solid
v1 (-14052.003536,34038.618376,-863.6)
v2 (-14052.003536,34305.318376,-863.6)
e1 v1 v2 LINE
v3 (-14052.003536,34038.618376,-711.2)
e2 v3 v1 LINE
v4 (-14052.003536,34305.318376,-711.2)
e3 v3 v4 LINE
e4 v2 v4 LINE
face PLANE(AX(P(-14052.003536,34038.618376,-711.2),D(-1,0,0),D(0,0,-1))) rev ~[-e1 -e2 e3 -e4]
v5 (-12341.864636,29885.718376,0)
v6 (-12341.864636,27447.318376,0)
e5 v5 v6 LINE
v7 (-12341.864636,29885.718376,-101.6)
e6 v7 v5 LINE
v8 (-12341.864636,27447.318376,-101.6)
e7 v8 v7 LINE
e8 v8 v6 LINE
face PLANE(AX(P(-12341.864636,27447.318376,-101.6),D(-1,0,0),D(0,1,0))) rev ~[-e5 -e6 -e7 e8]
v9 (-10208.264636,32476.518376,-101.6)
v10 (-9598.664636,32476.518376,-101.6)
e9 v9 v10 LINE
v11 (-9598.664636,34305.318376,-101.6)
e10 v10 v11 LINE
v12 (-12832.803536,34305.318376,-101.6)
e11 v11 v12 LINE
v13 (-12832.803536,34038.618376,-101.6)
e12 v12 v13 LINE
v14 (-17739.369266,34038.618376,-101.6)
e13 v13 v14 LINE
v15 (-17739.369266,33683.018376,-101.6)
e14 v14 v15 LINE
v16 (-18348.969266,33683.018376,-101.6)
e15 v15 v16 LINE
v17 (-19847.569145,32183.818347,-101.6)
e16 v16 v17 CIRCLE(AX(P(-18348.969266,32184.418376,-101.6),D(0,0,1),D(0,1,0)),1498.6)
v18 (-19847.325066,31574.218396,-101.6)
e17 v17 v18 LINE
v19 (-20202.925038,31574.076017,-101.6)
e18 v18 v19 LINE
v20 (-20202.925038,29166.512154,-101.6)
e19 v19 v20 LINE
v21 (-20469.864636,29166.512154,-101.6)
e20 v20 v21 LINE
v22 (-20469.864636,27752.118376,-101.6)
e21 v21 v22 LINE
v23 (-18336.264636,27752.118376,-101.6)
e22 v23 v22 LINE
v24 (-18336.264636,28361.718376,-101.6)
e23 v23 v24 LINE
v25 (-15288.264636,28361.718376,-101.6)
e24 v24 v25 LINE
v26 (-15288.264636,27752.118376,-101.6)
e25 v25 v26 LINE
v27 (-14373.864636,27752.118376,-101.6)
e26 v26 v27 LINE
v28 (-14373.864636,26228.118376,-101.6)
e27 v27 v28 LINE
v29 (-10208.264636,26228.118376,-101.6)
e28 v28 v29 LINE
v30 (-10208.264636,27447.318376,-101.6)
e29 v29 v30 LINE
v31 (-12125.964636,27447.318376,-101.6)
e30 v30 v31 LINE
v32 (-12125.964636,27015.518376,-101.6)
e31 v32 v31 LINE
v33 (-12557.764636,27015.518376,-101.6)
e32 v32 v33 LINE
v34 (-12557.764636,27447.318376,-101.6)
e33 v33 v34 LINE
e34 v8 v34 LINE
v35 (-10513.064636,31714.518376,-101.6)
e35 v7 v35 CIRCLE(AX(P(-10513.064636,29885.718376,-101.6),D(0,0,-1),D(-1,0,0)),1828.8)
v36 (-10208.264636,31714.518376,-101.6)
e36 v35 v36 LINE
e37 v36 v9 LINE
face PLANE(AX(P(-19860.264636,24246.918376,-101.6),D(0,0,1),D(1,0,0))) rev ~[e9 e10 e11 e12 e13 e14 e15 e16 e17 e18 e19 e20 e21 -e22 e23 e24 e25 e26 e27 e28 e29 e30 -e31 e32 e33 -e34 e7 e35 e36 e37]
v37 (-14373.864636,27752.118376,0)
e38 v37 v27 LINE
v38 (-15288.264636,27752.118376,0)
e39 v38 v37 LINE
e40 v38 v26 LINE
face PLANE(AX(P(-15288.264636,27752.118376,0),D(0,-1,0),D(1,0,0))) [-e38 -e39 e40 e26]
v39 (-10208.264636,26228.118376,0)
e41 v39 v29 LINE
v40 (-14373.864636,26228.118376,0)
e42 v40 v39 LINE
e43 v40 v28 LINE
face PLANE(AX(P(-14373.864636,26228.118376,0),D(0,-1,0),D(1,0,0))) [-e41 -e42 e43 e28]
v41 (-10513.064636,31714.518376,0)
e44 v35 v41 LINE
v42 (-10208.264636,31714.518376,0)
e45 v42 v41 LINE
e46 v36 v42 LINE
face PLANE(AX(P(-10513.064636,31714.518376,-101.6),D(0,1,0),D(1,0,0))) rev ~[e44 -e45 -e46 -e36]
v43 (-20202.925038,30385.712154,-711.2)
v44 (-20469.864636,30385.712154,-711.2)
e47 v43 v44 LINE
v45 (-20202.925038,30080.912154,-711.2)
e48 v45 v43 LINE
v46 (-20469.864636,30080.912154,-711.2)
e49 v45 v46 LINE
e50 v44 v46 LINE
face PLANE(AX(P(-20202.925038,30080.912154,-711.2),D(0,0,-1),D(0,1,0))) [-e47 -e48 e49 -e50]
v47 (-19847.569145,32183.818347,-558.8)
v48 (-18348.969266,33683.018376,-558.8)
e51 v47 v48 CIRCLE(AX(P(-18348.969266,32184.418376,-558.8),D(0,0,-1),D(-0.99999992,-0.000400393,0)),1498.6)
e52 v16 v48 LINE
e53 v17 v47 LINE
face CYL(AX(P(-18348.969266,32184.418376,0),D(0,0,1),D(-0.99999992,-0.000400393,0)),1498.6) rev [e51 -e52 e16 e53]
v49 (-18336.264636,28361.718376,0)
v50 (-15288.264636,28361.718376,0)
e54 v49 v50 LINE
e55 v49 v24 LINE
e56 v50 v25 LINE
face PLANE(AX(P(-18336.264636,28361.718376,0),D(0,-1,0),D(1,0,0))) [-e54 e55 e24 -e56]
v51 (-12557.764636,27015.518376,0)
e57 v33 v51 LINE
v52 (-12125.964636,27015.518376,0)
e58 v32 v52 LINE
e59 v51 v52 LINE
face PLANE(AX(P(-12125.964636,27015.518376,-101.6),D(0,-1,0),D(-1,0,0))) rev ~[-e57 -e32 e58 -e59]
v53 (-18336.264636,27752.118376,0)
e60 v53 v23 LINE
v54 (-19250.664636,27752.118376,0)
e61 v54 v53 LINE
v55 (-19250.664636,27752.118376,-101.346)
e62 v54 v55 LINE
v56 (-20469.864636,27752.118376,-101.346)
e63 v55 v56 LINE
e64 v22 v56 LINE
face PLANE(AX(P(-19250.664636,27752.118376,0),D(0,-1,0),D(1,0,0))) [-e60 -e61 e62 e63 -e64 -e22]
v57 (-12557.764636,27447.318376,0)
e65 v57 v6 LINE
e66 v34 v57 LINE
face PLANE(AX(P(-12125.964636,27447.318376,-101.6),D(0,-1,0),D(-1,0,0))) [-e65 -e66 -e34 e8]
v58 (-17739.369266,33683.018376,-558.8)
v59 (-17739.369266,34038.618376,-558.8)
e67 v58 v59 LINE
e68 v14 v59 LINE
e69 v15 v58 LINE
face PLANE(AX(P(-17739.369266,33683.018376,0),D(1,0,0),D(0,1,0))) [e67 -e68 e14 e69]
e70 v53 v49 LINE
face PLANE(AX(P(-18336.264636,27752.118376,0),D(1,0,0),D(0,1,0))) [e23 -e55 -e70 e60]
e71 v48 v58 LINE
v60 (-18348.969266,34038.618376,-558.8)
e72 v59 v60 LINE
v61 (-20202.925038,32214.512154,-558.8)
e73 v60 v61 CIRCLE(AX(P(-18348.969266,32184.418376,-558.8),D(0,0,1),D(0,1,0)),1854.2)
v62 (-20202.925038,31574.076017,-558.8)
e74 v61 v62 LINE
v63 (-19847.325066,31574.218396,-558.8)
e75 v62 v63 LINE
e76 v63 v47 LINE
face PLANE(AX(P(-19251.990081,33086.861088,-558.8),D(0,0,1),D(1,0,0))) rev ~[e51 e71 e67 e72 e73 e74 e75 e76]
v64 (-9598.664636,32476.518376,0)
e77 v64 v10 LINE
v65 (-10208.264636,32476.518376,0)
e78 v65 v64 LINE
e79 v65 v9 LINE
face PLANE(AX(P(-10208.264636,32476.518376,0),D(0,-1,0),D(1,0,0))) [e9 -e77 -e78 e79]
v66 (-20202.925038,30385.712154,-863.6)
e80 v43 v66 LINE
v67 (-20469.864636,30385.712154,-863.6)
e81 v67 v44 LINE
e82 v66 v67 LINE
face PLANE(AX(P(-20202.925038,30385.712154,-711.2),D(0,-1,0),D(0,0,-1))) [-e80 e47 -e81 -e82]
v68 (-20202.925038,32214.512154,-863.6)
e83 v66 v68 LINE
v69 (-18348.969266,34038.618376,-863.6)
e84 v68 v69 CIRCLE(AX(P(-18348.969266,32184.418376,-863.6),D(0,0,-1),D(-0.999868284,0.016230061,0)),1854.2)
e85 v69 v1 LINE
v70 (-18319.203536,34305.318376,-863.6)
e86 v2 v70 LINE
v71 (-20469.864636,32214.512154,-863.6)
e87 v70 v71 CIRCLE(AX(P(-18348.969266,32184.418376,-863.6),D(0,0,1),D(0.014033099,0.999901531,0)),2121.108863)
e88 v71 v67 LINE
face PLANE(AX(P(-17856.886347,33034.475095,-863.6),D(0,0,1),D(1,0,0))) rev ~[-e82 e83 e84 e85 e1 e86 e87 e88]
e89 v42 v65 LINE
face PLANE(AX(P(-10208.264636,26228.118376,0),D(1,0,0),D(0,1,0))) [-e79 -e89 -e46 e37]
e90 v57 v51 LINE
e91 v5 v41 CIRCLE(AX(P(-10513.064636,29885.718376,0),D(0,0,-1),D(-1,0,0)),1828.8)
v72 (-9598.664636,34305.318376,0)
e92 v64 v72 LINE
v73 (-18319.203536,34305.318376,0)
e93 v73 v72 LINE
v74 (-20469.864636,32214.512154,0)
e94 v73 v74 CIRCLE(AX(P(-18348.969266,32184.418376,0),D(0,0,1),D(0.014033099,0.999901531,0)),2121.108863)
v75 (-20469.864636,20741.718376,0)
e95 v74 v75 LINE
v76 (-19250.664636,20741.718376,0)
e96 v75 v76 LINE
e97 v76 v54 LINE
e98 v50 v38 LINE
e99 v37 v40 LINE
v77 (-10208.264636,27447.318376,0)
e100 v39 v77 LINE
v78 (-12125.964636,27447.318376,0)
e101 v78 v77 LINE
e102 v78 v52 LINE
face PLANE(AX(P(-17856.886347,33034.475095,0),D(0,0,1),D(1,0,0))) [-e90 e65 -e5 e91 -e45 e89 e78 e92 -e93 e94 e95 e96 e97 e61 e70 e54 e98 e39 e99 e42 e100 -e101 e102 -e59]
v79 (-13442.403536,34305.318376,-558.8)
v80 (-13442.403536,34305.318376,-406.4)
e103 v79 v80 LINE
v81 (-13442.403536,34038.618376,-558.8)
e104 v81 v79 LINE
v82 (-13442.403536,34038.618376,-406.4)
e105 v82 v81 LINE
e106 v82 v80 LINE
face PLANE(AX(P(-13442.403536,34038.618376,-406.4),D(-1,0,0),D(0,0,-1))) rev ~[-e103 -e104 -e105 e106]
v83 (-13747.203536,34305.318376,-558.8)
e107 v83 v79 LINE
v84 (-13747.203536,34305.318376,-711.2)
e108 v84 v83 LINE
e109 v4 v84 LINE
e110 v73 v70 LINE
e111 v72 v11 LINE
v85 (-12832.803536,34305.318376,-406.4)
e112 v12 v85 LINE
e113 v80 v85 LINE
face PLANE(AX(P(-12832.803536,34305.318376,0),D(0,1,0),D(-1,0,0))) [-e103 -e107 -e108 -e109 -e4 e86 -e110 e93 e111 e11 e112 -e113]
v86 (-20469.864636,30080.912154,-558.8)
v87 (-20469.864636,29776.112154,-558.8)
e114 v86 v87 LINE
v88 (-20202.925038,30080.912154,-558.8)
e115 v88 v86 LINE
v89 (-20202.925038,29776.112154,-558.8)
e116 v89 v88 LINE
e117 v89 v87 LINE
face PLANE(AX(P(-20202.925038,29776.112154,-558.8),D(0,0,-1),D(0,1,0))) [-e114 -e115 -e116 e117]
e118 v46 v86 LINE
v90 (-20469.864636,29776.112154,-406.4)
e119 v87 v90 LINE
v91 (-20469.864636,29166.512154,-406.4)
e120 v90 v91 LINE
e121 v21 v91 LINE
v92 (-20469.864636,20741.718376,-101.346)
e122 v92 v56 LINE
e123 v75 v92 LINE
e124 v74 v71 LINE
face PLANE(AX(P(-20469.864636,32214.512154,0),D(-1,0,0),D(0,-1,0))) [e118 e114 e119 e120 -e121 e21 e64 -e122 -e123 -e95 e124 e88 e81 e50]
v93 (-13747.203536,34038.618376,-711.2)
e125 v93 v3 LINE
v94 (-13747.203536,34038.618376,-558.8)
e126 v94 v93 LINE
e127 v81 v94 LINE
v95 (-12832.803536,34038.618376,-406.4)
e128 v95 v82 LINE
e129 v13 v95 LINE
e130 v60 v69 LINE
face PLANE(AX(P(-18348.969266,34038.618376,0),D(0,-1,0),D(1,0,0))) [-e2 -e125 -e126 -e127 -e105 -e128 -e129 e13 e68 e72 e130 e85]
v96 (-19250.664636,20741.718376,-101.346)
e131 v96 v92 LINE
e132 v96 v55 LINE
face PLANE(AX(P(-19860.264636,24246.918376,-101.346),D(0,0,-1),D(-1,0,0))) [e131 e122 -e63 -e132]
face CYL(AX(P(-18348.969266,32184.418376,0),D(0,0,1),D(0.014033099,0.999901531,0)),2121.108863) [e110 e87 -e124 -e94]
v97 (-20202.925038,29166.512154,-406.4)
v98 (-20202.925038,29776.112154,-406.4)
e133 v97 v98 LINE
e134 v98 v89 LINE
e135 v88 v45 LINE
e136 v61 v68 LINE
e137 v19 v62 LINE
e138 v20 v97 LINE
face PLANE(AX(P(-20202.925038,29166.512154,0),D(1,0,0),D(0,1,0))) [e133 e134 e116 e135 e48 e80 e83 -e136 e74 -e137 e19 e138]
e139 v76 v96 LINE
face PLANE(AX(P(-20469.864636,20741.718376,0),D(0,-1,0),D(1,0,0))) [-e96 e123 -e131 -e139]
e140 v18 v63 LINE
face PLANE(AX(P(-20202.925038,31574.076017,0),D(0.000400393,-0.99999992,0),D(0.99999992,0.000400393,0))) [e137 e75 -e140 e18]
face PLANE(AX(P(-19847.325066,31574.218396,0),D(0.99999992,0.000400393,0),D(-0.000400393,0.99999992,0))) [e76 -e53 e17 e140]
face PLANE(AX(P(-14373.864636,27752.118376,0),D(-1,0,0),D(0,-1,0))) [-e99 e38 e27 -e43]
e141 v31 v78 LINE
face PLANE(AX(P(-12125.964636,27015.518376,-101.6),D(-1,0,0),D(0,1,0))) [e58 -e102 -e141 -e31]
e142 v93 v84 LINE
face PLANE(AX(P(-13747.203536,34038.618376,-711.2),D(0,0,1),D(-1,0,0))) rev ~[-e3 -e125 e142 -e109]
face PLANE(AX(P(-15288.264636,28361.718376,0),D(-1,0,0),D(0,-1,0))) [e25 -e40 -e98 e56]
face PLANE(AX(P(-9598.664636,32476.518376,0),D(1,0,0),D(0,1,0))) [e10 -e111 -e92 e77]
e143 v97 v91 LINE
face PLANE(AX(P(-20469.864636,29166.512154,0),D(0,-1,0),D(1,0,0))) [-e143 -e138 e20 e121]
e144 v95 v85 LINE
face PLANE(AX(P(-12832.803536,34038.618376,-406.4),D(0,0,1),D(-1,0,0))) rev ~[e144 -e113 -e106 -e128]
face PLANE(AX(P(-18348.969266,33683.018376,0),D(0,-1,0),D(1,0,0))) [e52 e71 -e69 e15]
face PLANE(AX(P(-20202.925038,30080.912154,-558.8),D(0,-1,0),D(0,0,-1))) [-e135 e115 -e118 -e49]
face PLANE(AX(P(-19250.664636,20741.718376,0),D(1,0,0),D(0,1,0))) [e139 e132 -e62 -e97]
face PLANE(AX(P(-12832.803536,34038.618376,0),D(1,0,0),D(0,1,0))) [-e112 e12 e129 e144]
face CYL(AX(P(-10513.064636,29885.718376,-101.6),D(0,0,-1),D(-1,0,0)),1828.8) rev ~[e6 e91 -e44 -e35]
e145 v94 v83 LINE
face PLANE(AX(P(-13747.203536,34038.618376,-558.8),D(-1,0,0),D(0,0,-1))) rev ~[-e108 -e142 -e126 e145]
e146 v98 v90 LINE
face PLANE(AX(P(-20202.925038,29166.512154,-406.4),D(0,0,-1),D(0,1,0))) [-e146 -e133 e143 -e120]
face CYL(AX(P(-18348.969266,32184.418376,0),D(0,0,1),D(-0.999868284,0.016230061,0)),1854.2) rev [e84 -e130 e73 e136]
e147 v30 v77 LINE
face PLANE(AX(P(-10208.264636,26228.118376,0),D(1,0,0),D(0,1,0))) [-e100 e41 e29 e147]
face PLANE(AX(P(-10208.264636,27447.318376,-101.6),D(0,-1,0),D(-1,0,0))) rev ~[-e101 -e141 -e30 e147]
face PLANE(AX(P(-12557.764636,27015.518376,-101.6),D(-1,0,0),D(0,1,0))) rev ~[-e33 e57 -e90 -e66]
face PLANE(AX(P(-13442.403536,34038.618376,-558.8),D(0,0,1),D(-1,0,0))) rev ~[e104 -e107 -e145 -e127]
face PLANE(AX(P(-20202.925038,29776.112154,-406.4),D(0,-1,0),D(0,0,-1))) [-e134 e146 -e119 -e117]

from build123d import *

# Parameters (mm, degrees)
BOSS_EXTRUDE1_DEPTH = 101.6
BOSS_EXTRUDE2_DEPTH = 558.8
BOSS_EXTRUDE3_DEPTH = 863.6
CUT_EXTRUDE1_DEPTH  = 24425.756146057
CUT_EXTRUDE2_DEPTH  = 35918.479626981
CUT_EXTRUDE3_DEPTH  = 39956.790586087
SKETCH6_W           = 431.8
SKETCH6_H           = 431.8
CUT_EXTRUDE4_DEPTH  = 39956.790586087
SKETCH7_W           = 1219.2
SKETCH7_H           = 7010.4
CUT_EXTRUDE5_DEPTH  = 0.254


with BuildPart() as part:
    # Sketch1 → Boss-Extrude1 (new body)
    with BuildSketch(Plane.XY):
        with BuildLine():
            Line((-20469.8646362, 20741.718375844), (-19250.6646362, 20741.718375844))
            Line((-19250.6646362, 20741.718375844), (-19250.6646362, 27752.118375844))
            Line((-19250.6646362, 27752.118375844), (-18336.2646362, 27752.118375844))
            Line((-18336.2646362, 27752.118375844), (-18336.2646362, 28361.718375844))
            Line((-18336.2646362, 28361.718375844), (-15288.2646362, 28361.718375844))
            Line((-15288.2646362, 28361.718375844), (-15288.2646362, 27752.118375844))
            Line((-15288.2646362, 27752.118375844), (-14373.8646362, 27752.118375844))
            Line((-14373.8646362, 27752.118375844), (-14373.8646362, 26228.118375844))
            Line((-14373.8646362, 26228.118375844), (-10208.2646362, 26228.118375844))
            Line((-10208.2646362, 26228.118375844), (-10208.2646362, 32476.518375844))
            Line((-10208.2646362, 32476.518375844), (-9598.6646362, 32476.518375844))
            Line((-9598.6646362, 32476.518375844), (-9598.6646362, 34305.318375844))
            Line((-9598.6646362, 34305.318375844), (-12832.803535515, 34305.318375844))
            Line((-12832.803535515, 34305.318375844), (-12832.803535515, 34038.618375844))
            Line((-12832.803535515, 34038.618375844), (-17739.369265567, 34038.618375844))
            Line((-17739.369265567, 34038.618375844), (-17739.369265567, 33683.018375844))
            Line((-17739.369265567, 33683.018375844), (-18348.969265567, 33683.018375844))
            ThreePointArc((-18348.969265567, 33683.018375844), (-19408.851608728, 33243.876434785), (-19847.569145444, 32183.818347357))
            Line((-19847.569145444, 32183.818347357), (-19847.325066059, 31574.218396221))
            Line((-19847.325066059, 31574.218396221), (-20202.925037555, 31574.07601658))
            Line((-20202.925037555, 31574.07601658), (-20202.925037555, 29166.512154459))
            Line((-20202.925037555, 29166.512154459), (-20469.8646362, 29166.512154459))
            Line((-20469.8646362, 29166.512154459), (-20469.8646362, 20741.718375844))
        make_face()
    extrude(amount=-BOSS_EXTRUDE1_DEPTH)

    # Sketch1<15> → Boss-Extrude2 (add)
    with BuildSketch(Plane.XY):
        with BuildLine():
            Line((-20202.925037555, 32214.512154459), (-20202.925037555, 31574.07601658))
            Line((-20202.925037555, 31574.07601658), (-19847.325066059, 31574.218396221))
            Line((-19847.325066059, 31574.218396221), (-19847.569145444, 32183.818347357))
            ThreePointArc((-19847.569145444, 32183.818347357), (-19408.851608728, 33243.876434785), (-18348.969265567, 33683.018375844))
            Line((-18348.969265567, 33683.018375844), (-17739.369265567, 33683.018375844))
            Line((-17739.369265567, 33683.018375844), (-17739.369265567, 34038.618375844))
            Line((-17739.369265567, 34038.618375844), (-18348.969265567, 34038.618375844))
            ThreePointArc((-18348.969265567, 34038.618375844), (-19649.403376872, 33506.132702828), (-20202.925037555, 32214.512154459))
        make_face()
    extrude(amount=-BOSS_EXTRUDE2_DEPTH)

    # Sketch1<17> → Boss-Extrude3 (add)
    with BuildSketch(Plane.XY):
        with BuildLine():
            Line((-20469.864636201, 32214.512154459), (-20469.8646362, 29166.512154459))
            Line((-20469.8646362, 29166.512154459), (-20202.925037555, 29166.512154459))
            Line((-20202.925037555, 29166.512154459), (-20202.925037555, 31574.07601658))
            Line((-20202.925037555, 31574.07601658), (-20202.925037555, 32214.512154459))
            ThreePointArc((-20202.925037555, 32214.512154459), (-19649.403376872, 33506.132702828), (-18348.969265567, 34038.618375844))
            Line((-18348.969265567, 34038.618375844), (-17739.369265567, 34038.618375844))
            Line((-17739.369265567, 34038.618375844), (-12832.803535515, 34038.618375844))
            Line((-12832.803535515, 34038.618375844), (-12832.803535515, 34305.318375844))
            Line((-12832.803535515, 34305.318375844), (-18319.203535515, 34305.318375844))
            ThreePointArc((-18319.203535515, 34305.318375844), (-19827.50687323, 33705.283048131), (-20469.864636201, 32214.512154459))
        make_face()
    extrude(amount=-BOSS_EXTRUDE3_DEPTH)

    # Sketch3 → Cut-Extrude1 (cut, through all)
    with BuildSketch(Plane.XZ.offset(-34038.618375844)):
        Polygon((-13747.203535515, -558.8), (-13747.203535515, -711.2), (-14052.003535515, -711.2), (-14052.003535515, -863.6), (-12832.803535515, -863.6), (-12832.803535515, -406.4), (-13442.403535515, -406.4), (-13442.403535515, -558.8), align=None)
    extrude(amount=-CUT_EXTRUDE1_DEPTH, mode=Mode.SUBTRACT)

    # Sketch4 → Cut-Extrude2 (cut, through all)
    with BuildSketch(Plane(origin=(-20202.925037555, 0, 0), x_dir=(0, 0, -1), z_dir=(1, 0, 0))):
        Polygon((863.6, 29166.51215446), (406.4, 29166.51215446), (406.4, 29776.11215446), (558.8, 29776.11215446), (558.8, 30080.91215446), (711.2, 30080.91215446), (711.2, 30385.71215446), (863.6, 30385.71215446), (863.6, 30080.91215446), align=None)
    extrude(amount=-CUT_EXTRUDE2_DEPTH, mode=Mode.SUBTRACT)

    # Sketch5 → Cut-Extrude3 (cut, through all)
    with BuildSketch(Plane(origin=(0, 0, -101.6), x_dir=(-1, 0, 0), z_dir=(0, 0, -1))):
        with BuildLine():
            Line((10208.2646362, 27447.318375844), (12341.8646362, 27447.318375844))
            Line((12341.8646362, 27447.318375844), (12341.8646362, 29885.718375844))
            ThreePointArc((12341.8646362, 29885.718375844), (11806.221517634, 31178.875257278), (10513.0646362, 31714.518375844))
            Line((10513.0646362, 31714.518375844), (10208.2646362, 31714.518375844))
            Line((10208.2646362, 31714.518375844), (10208.2646362, 27447.318375844))
        make_face()
    extrude(amount=-CUT_EXTRUDE3_DEPTH, mode=Mode.SUBTRACT)

    # Sketch6 → Cut-Extrude4 (cut, through all)
    with BuildSketch(Plane(origin=(0, 0, -101.6), x_dir=(-1, 0, 0), z_dir=(0, 0, -1))):
        with Locations((12341.8646362, 27231.418375844)):
            Rectangle(SKETCH6_W, SKETCH6_H)
    extrude(amount=-CUT_EXTRUDE4_DEPTH, mode=Mode.SUBTRACT)

    # Sketch7 → Cut-Extrude5 (cut)
    with BuildSketch(Plane(origin=(0, 0, -101.6), x_dir=(-1, 0, 0), z_dir=(0, 0, -1))):
        with Locations((19860.2646362, 24246.918375844)):
            Rectangle(SKETCH7_W, SKETCH7_H)
    extrude(amount=-CUT_EXTRUDE5_DEPTH, mode=Mode.SUBTRACT)


solid = part.part
